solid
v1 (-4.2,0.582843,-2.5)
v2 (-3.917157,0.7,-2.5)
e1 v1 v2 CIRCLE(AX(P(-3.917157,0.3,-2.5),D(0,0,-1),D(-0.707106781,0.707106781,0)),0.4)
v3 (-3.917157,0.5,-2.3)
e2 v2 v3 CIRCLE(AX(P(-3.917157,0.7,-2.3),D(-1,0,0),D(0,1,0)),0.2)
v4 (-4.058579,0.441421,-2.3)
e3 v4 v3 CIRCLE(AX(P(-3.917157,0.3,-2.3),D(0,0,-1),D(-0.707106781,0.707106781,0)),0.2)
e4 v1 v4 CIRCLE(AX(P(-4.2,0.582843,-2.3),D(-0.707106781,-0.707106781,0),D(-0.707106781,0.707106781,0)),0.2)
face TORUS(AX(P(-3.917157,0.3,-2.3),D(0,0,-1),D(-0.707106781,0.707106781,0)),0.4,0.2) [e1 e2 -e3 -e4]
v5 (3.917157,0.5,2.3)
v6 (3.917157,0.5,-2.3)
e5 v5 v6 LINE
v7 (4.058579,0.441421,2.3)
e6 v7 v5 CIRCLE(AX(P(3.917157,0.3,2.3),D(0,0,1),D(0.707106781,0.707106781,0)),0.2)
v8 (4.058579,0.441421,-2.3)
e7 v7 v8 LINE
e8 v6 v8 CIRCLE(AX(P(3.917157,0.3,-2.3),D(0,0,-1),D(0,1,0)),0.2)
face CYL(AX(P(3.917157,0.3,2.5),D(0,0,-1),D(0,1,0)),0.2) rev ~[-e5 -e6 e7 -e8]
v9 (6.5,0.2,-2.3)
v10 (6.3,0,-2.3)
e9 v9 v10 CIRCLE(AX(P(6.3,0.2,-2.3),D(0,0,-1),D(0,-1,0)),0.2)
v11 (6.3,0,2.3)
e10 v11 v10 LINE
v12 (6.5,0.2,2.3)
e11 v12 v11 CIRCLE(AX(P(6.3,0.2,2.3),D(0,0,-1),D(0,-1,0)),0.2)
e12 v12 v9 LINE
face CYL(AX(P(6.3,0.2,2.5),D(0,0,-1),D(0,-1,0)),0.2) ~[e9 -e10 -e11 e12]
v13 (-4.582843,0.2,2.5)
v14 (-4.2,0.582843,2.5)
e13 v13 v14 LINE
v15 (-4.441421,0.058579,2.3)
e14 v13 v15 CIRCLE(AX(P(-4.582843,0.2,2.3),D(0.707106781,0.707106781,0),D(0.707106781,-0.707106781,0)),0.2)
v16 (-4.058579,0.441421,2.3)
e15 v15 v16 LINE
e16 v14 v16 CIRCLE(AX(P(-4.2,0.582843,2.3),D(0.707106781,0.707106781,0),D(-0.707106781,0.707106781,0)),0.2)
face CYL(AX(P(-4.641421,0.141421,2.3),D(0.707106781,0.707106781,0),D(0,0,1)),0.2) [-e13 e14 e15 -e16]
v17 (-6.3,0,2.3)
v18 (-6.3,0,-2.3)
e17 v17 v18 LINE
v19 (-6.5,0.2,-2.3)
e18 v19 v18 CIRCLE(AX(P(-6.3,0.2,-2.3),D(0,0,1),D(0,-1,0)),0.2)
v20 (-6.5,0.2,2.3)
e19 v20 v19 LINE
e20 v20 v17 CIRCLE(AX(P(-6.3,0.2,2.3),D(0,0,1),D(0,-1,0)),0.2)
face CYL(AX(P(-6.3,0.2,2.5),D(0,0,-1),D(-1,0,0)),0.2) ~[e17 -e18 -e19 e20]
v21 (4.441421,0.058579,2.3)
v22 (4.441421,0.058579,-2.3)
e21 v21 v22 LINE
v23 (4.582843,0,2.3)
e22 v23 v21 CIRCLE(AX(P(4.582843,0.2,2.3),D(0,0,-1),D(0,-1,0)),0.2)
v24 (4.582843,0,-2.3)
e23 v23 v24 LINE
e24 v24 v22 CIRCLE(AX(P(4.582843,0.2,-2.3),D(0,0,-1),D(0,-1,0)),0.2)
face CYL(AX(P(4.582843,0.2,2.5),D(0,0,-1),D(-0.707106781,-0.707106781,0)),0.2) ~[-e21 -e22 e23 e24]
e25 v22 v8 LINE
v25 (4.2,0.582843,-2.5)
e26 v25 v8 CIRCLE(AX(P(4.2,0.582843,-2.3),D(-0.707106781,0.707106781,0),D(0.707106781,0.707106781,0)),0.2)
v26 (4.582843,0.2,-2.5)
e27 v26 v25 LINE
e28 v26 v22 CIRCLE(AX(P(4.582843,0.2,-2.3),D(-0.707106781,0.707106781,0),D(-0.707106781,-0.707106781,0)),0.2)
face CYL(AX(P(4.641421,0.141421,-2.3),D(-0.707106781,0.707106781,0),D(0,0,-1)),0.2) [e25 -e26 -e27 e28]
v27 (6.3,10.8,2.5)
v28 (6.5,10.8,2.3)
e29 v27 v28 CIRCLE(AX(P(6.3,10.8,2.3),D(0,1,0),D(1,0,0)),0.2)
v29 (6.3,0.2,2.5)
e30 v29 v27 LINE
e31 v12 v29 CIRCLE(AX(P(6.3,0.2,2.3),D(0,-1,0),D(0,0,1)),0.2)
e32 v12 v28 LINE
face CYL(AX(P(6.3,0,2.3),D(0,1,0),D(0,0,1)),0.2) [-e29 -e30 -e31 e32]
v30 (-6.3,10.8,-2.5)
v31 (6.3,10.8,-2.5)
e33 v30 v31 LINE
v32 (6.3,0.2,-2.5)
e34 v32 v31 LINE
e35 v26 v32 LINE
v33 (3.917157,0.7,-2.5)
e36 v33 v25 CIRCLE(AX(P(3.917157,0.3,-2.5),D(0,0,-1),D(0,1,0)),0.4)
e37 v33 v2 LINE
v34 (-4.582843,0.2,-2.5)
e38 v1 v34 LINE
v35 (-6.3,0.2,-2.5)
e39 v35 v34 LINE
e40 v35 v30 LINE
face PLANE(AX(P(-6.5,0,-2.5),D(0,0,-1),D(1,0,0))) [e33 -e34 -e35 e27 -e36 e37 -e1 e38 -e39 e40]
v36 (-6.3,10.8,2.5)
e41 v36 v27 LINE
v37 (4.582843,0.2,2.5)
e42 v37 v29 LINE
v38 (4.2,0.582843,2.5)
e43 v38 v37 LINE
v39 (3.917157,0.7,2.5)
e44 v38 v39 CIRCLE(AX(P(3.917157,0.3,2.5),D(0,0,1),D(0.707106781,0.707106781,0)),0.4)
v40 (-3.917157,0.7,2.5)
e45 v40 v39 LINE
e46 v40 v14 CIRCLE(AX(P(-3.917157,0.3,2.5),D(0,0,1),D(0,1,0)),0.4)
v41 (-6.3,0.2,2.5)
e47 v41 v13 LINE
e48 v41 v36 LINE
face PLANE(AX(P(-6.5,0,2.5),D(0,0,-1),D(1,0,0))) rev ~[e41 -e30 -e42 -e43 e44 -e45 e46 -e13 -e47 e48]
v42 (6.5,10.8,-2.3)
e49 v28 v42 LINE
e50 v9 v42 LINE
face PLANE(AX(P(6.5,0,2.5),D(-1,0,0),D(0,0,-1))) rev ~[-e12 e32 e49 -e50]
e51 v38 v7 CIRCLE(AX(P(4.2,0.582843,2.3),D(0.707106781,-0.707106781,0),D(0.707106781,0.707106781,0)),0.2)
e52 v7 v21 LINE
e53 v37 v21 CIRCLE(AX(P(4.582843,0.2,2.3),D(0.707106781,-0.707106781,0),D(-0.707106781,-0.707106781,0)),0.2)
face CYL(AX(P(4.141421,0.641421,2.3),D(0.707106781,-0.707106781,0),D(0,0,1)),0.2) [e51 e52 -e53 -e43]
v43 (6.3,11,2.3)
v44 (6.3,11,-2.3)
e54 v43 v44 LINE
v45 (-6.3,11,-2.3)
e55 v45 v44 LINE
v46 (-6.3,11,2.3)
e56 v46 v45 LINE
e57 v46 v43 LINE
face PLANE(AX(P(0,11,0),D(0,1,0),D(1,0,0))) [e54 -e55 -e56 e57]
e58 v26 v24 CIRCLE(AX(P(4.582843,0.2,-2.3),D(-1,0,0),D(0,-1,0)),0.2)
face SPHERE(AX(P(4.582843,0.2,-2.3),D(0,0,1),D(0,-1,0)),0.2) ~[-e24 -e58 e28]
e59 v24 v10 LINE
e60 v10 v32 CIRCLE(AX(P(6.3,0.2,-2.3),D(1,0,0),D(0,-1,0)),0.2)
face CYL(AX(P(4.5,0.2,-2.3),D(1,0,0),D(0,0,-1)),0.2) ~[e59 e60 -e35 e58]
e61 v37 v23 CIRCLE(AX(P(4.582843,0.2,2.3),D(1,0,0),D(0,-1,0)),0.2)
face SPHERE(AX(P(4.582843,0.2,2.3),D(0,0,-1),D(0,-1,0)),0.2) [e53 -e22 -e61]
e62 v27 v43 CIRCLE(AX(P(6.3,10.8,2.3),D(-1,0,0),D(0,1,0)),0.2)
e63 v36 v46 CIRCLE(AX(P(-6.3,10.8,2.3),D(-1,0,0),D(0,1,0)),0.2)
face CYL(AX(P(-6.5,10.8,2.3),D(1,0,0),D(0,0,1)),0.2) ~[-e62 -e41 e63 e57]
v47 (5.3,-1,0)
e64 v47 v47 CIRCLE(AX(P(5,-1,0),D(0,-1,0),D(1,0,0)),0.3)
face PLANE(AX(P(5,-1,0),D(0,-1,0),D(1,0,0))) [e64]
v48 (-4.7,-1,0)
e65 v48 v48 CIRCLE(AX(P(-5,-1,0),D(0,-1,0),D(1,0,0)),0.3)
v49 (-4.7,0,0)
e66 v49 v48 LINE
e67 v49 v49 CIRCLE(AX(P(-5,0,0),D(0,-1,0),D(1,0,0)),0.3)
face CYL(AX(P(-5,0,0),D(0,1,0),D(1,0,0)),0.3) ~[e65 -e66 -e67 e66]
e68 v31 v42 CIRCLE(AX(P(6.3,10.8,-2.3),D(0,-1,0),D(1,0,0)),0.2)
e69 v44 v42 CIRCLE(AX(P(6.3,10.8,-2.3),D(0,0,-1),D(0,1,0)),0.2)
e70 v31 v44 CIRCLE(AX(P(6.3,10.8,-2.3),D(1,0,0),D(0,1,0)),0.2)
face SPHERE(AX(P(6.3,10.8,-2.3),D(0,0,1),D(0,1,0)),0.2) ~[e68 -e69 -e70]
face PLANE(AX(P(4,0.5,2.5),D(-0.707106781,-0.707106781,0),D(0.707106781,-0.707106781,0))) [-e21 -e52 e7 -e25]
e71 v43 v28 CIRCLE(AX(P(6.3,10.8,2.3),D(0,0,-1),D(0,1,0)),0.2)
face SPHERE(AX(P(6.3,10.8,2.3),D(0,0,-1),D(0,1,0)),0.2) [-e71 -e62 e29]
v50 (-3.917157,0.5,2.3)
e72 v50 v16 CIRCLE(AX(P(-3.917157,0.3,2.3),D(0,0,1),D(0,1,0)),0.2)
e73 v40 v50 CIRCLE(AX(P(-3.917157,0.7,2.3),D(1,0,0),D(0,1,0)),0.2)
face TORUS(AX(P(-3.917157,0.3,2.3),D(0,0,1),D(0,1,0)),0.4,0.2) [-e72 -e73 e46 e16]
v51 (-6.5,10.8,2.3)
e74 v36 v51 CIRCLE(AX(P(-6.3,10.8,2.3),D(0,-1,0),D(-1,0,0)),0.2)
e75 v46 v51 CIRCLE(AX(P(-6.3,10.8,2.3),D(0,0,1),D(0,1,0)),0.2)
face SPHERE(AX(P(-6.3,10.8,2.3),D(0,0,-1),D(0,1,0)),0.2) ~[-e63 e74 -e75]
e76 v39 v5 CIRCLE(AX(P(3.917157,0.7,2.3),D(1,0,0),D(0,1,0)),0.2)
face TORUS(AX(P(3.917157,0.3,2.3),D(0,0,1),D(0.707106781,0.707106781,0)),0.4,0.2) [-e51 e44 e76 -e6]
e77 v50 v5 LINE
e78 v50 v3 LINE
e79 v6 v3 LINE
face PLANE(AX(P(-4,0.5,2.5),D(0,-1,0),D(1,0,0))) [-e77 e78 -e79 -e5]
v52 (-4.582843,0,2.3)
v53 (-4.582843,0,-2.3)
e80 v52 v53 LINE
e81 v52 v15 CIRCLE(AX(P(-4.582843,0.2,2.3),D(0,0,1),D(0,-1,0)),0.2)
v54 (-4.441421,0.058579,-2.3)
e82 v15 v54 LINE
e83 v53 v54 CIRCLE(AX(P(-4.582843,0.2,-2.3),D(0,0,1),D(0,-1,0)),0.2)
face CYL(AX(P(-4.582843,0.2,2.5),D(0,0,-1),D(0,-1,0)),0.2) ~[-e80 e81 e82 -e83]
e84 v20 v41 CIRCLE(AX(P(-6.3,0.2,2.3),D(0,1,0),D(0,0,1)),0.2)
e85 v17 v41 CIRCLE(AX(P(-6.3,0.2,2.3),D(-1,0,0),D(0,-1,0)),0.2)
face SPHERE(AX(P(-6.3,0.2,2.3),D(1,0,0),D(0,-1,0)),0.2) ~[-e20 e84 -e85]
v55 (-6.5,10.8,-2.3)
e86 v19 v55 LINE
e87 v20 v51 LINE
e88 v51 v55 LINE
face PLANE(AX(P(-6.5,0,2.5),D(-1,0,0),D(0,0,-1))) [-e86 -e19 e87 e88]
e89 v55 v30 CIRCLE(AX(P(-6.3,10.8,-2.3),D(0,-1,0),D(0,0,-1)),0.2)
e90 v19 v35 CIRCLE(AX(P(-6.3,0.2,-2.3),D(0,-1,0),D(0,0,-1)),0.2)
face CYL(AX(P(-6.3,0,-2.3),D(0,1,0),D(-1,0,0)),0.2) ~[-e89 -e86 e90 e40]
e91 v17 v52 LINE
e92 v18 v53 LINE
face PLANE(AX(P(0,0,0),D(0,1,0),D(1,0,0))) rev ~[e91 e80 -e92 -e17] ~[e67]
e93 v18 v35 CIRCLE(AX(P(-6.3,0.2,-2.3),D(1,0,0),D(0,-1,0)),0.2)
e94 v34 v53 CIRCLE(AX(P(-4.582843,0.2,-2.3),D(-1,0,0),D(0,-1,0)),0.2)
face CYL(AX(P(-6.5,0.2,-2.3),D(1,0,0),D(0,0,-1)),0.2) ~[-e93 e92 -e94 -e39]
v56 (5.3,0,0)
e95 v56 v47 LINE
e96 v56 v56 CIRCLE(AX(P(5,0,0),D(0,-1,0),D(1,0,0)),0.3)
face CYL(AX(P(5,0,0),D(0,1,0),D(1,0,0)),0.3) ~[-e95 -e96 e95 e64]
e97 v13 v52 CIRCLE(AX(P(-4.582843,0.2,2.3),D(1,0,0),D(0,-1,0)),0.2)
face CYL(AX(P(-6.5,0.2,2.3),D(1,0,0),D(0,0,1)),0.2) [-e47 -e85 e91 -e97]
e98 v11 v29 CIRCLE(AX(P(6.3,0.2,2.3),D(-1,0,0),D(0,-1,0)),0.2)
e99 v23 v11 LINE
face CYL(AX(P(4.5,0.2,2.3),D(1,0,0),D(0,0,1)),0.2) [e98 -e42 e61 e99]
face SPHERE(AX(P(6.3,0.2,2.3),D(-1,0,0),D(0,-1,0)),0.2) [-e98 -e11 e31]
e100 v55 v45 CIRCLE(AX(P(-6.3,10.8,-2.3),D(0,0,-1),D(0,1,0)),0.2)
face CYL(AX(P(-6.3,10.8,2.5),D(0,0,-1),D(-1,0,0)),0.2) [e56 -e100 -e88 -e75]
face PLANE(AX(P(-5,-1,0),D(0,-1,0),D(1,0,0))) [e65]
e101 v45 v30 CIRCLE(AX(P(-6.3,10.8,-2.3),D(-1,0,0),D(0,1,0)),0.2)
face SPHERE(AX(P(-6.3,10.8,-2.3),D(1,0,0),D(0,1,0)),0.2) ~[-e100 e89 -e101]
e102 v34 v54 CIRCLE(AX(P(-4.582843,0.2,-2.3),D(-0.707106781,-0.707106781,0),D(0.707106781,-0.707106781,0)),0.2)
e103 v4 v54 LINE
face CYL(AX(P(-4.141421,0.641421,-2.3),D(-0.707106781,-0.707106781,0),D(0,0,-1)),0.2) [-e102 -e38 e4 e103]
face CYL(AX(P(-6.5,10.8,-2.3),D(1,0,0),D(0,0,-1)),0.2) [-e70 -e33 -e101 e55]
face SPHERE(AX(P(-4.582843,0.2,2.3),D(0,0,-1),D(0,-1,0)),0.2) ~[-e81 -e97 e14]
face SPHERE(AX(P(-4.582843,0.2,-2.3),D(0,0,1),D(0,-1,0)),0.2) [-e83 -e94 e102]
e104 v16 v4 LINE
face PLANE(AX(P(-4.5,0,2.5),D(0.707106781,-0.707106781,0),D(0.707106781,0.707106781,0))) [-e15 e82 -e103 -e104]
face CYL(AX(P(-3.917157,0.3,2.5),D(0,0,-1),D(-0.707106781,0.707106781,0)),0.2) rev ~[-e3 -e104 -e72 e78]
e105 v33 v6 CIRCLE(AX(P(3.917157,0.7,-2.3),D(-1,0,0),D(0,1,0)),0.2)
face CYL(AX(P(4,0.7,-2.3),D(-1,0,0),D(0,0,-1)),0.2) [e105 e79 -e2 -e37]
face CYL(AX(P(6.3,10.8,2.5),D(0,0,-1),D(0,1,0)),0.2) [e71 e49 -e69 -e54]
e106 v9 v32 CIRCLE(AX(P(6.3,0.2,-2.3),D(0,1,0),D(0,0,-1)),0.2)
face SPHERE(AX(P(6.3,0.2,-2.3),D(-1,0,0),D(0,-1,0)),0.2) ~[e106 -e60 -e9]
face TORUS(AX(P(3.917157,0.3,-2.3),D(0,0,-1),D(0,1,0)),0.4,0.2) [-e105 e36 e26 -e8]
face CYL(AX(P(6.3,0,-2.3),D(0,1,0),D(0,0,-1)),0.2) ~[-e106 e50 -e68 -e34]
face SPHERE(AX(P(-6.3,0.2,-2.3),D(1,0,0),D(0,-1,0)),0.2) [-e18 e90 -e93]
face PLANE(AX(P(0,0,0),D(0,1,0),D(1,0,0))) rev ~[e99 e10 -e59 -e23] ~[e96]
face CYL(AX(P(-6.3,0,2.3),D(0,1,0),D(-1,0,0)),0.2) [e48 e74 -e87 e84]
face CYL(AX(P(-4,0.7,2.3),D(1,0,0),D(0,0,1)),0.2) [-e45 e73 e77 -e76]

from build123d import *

# Parameters (mm, degrees)
SKETCH1_W           = 13
SKETCH1_H           = 5
BOSS_EXTRUDE1_DEPTH = 11
CUT_EXTRUDE1_DEPTH  = 6
SKETCH3_R           = 0.3
BOSS_EXTRUDE2_DEPTH = 1
FILLET1_R           = 0.2


with BuildPart() as part:
    # Sketch1 → Boss-Extrude1 (new body)
    with BuildSketch(Plane(origin=(0, 0, 0), x_dir=(1, 0, 0), z_dir=(0, 1, 0))):
        Rectangle(SKETCH1_W, SKETCH1_H)
    extrude(amount=BOSS_EXTRUDE1_DEPTH)

    # Sketch2 → Cut-Extrude1 (cut, through all)
    with BuildSketch(Plane.XY.offset(2.5)):
        Polygon((-4.5, 0), (-4, 0.5), (4, 0.5), (4.5, 0), (4.5, -1.5), (-4.5, -1.5), align=None)
    extrude(amount=-CUT_EXTRUDE1_DEPTH, mode=Mode.SUBTRACT)

    # Sketch3 → Boss-Extrude2 (add)
    with BuildSketch(Plane.XZ):
        with Locations((5, 0)):
            Circle(SKETCH3_R)
        with Locations((-5, 0)):
            Circle(SKETCH3_R)
    extrude(amount=BOSS_EXTRUDE2_DEPTH)

    # Fillet1
    fillet1_edges = [part.edges().sort_by_distance(p)[0] for p in [
        (6.5, 11, 0),
        (0, 11, -2.5),
        (-5.5, 0, -2.5),
        (5.5, 0, 2.5),
        (4.25, 0.25, 2.5),
        (0, 0.5, 2.5),
        (-4.25, 0.25, 2.5),
        (-4.25, 0.25, -2.5),
        (-4.5, 0, 0),
        (0, 0.5, -2.5),
        (-4, 0.5, 0),
        (4.25, 0.25, -2.5),
        (4, 0.5, 0),
        (4.5, 0, 0),
        (-6.5, 11, 0),
        (5.5, 0, -2.5),
        (6.5, 0, 0),
        (-5.5, 0, 2.5),
        (-6.5, 0, 0),
        (0, 11, 2.5),
        (-6.5, 5.5, -2.5),
        (6.5, 5.5, -2.5),
        (6.5, 5.5, 2.5),
        (-6.5, 5.5, 2.5),
    ]]
    fillet(fillet1_edges, radius=FILLET1_R)


solid = part.part
